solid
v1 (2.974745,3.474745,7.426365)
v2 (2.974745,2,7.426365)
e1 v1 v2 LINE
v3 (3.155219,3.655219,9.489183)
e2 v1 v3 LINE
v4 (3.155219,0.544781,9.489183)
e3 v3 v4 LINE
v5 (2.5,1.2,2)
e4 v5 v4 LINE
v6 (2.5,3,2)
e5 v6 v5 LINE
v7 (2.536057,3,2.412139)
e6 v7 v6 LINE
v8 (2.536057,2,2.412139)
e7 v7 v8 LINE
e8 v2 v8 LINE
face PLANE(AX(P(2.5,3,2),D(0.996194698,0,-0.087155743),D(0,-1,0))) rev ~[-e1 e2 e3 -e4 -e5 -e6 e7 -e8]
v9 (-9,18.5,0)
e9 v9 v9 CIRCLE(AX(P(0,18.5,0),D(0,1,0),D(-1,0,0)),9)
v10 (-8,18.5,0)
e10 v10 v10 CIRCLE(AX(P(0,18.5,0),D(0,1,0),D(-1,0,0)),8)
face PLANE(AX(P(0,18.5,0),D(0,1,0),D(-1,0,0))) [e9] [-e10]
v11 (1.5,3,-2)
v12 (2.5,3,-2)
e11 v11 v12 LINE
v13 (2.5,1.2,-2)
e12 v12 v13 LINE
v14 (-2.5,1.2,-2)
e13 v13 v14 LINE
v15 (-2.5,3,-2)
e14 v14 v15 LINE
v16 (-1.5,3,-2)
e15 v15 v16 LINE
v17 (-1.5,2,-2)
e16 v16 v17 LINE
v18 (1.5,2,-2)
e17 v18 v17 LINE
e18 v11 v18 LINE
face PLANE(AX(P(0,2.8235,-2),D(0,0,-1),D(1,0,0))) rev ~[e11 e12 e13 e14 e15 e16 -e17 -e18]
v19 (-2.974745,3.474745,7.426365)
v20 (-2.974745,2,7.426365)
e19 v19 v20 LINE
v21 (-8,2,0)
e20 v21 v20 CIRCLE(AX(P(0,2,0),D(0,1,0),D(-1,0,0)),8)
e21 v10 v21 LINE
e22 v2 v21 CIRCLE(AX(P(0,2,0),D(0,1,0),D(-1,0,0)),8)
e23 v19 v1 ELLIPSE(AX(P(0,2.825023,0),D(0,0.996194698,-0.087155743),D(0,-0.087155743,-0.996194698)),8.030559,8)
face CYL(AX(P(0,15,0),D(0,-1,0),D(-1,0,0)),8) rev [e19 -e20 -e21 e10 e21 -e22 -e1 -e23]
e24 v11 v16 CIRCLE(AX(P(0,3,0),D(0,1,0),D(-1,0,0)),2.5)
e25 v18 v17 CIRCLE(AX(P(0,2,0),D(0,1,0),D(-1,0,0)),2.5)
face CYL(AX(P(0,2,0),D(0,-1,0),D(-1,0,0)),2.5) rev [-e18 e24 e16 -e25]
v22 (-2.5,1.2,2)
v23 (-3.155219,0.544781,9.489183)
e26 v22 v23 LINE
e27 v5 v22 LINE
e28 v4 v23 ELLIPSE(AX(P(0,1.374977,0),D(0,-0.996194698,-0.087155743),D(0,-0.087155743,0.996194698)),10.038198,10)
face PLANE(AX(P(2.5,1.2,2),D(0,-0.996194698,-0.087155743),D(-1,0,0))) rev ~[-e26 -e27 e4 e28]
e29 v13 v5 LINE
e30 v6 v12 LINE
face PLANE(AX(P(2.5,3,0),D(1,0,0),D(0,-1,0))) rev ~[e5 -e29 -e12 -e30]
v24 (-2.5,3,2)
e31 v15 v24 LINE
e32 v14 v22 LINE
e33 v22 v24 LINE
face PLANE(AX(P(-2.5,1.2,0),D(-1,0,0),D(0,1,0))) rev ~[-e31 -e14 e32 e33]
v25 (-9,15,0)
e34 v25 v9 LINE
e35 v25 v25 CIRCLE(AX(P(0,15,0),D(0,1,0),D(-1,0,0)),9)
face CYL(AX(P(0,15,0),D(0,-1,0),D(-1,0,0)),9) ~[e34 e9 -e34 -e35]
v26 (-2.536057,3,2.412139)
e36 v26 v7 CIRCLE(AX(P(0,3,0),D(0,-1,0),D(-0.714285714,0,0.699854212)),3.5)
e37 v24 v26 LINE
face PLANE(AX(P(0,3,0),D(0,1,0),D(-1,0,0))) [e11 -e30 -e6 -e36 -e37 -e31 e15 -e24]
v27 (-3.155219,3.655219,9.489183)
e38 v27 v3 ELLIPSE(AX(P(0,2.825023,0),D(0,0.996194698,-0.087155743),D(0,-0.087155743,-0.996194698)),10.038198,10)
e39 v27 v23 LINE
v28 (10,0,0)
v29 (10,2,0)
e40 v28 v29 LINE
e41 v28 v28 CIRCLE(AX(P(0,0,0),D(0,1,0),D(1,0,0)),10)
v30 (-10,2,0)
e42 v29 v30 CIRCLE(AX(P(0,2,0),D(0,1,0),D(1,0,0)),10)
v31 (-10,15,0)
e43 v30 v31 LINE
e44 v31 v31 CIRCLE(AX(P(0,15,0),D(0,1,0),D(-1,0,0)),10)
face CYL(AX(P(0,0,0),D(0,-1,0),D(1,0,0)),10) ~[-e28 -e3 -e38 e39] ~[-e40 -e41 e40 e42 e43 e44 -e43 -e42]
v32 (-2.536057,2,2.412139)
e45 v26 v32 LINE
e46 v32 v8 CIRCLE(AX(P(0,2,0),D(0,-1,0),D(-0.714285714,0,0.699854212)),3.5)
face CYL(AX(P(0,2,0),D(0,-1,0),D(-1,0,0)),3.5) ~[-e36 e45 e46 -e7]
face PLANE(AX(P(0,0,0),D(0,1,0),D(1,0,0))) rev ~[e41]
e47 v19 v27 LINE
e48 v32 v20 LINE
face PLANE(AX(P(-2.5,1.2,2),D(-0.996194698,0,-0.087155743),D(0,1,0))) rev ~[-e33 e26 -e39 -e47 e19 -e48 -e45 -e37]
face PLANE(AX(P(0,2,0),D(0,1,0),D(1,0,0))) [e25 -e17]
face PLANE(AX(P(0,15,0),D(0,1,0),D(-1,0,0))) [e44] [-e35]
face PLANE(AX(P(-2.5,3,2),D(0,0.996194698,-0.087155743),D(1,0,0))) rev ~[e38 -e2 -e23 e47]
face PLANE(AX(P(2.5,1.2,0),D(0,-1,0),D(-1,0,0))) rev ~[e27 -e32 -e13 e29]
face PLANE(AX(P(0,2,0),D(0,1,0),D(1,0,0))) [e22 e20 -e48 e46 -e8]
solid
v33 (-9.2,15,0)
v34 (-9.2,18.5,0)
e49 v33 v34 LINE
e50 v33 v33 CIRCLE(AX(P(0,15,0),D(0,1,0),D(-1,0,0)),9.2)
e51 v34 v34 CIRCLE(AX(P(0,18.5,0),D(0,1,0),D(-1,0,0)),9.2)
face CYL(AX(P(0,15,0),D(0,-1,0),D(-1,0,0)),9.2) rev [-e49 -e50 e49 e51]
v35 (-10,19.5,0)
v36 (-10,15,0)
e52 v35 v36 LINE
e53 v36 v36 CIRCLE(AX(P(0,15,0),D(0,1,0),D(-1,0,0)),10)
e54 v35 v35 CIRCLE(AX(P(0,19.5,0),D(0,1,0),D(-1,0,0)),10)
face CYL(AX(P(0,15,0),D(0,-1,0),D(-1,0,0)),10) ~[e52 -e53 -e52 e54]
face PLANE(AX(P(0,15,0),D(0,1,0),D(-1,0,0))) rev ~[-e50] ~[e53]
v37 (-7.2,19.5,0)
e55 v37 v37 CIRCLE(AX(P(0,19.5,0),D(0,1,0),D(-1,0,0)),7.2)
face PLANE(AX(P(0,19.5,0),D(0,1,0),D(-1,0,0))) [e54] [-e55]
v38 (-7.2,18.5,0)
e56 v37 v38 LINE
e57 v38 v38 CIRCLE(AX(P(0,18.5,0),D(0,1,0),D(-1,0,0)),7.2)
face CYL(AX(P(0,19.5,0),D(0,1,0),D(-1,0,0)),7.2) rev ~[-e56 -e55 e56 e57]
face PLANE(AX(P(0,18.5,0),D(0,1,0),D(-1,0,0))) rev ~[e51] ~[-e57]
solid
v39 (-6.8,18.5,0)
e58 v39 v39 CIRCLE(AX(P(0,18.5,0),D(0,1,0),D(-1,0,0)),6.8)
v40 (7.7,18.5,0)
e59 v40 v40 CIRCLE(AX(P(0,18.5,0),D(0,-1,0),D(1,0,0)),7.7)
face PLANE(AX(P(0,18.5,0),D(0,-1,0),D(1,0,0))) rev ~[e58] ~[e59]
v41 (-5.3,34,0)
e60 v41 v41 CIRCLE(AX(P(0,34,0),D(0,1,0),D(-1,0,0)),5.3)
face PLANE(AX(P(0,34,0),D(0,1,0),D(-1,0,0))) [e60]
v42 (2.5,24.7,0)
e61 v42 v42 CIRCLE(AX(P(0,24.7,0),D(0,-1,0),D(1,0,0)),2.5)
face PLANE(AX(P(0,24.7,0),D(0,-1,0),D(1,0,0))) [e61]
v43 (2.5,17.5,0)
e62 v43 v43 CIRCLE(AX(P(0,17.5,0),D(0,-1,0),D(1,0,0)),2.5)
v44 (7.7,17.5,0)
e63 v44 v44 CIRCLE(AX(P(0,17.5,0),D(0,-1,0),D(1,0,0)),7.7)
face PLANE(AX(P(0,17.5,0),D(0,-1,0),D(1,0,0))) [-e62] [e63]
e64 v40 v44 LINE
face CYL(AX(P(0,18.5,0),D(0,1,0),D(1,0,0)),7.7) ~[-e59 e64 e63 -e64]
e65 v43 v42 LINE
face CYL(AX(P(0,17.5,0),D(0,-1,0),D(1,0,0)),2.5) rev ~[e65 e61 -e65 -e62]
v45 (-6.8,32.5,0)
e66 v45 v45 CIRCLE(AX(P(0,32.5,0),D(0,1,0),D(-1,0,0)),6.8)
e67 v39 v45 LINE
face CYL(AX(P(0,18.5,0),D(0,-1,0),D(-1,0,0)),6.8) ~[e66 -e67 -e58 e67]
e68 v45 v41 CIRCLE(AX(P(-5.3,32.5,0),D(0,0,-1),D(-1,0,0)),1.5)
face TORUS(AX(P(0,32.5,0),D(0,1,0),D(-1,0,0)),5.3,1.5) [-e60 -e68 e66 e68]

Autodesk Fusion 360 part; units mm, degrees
sketch "Sketch1" plane through (0, 0, 0) normal (0, 1, 0) x (1, 0, 0) in component "Base"
  circle A0 centre (0, 0) radius 10
  dimension "d63" = 20
extrude "Extrude1" add sketch "Sketch1" along normal blind 2 makes body 1 in component "Base"
sketch "Sketch2" plane through (0, 2, 0) normal (0, 1, 0) x (-1, 0, 0) in component "Base"
  circle A0 centre (0, 0) radius 10
  circle A1 centre (0, 0) radius 8
  dimension "d66" = -2
extrude "Extrude2" add sketch "Sketch2" along normal blind 13 bodies 1 in component "Base"
sketch "Sketch3" plane through (0, 15, 0) normal (0, 1, 0) x (-1, 0, 0) in component "Base"
  circle A0 centre (0, 0) radius 8
  circle A1 centre (0, 0) radius 10
  circle A2 centre (0, 0) radius 9
  dimension "d69" = 1
extrude "Extrude3" add sketch "Sketch3" along normal blind 3.5 contours A2 bodies 1 in component "Base"
sketch "Sketch2 (2)" plane through (0, 15, 0) normal (0, 1, 0) x (-1, 0, 0) in component "Ring"
  circle A0 centre (0, 0) radius 9 construction
  circle A1 centre (0, 0) radius 10
  circle A2 centre (0, 0) radius 9.2
  dimension "offset_bottom" = 0.2
extrude "Extrude1'" add sketch "Sketch2 (2)" along normal blind 3.5 separate body makes body 2 in component "Ring"
sketch "Sketch3 (2)" plane through (0, 18.5, 0) normal (0, 1, 0) x (-1, 0, 0) in component "Ring"
  circle A0 centre (0, 0) radius 9.2 construction
  circle A1 centre (0, 0) radius 10
extrude "Extrude2'" add sketch "Sketch3 (2)" along normal blind 1 bodies 2 in component "Ring"
sketch "Sketch4" plane through (0, 19.5, 0) normal (0, 1, 0) x (-1, 0, 0) in component "Ring"
  circle A0 centre (0, 0) radius 10
  circle A1 centre (0, 0) radius 9
  circle A2 centre (0, 0) radius 7.2
  dimension "d77" = 18
  dimension "diameter_apperture" = 14.4
extrude "Extrude3'" cut sketch "Sketch4" against normal blind 1 contours A2 bodies 2 in component "Ring"
sketch "Sketch1 (2)" plane through (0, 18.5, 0) normal (0, -1, 0) x (1, 0, 0) in component "Top"
  circle A0 centre (0, 0) radius 7.2 construction
  circle A1 centre (0, 0) radius 9.2 construction
  circle A2 centre (0, 0) radius 7.7
  dimension "diameter_bottom_disc" = 15.4
extrude "Extrude1''" add sketch "Sketch1 (2)" along normal blind 1 separate body makes body 3 in component "Top"
ref_plane "WorkPlane2" through (0, 17.1186, 0) normal (0, 0, 1) x (-1, 0, 0)
sketch "Sketch2 (3)" plane through (0, 18.5, 0) normal (0, 1, 0) x (-1, 0, 0) in component "Top"
  circle A0 centre (0, 0) radius 7.7
  circle A1 centre (0, 0) radius 6.8
  dimension "diameter_tower" = 13.6
extrude "Extrude2''" add sketch "Sketch2 (3)" along normal blind 15.5 contours A1 bodies 3 in component "Top"
sketch "Sketch3 (3)" plane through (0, 17.5, 0) normal (0, -1, 0) x (1, 0, 0) in component "Top"
  circle A0 centre (0, 0) radius 7.7
  circle A1 centre (0, 0) radius 2.5
  dimension "d90" = 5
extrude "Extrude3''" cut sketch "Sketch3 (3)" against normal blind 7.2 contours A1 bodies 3 in component "Top"
sketch "Sketch4 (2)" plane through (0, 2, 0) normal (0, 1, 0) x (-1, 0, 0) in component "Base"
  circle A0 centre (0, 0) radius 8
  circle A1 centre (0, 0) radius 2.5
  circle A2 centre (0, 0) radius 3.5
  dimension "d98" = 5
  dimension "d99" = 1
extrude "Extrude4" add sketch "Sketch4 (2)" along normal blind 1 contours A2 bodies 1 in component "Base"
ref_plane "WorkPlane1" through (0, 2.8235, -3.5) normal (0, 0, -1) x (1, 0, 0) in component "Base"
ref_plane "WorkPlane2" through (0, 2.5, 3.5) normal (0, 0, 1) x (1, 0, 0) in component "Base"
ref_plane "WorkPlane3" through (0, 2.8235, 0) normal (0, 0, -1) x (1, 0, 0) in component "Base"
sketch "Sketch6" plane through (0, 2.8235, 0) normal (0, 0, -1) x (1, 0, 0) in component "Base"
  line L0 (-3.5, -0.1765) -> (3.5, -0.1765)
  line L1 (-10, 2.8235) -> (10, 2.8235)
  line L2 (3.5, 0.8235) -> (-3.5, 0.8235) construction
  line L3 (-3.5, -0.1765) -> (-3.5, 0.8235) construction
  line L4 (3.5, -0.1765) -> (3.5, 0.8235) construction
  line L5 (-3.5, -0.1765) -> (-2.5, -0.1765) construction
  line L6 (-2.5, -0.1765) -> (-2.5, 0.8235) construction
  line L7 (-2.5, 0.8235) -> (-3.5, 0.8235) construction
  line L8 (-3.5, 0.8235) -> (-3.5, -0.1765) construction
  line L9 (3.5, -0.1765) -> (2.5, -0.1765) construction
  line L10 (2.5, -0.1765) -> (2.5, 0.8235) construction
  line L11 (2.5, 0.8235) -> (3.5, 0.8235) construction
  line L12 (3.5, 0.8235) -> (3.5, -0.1765) construction
  line L13 (-2.5, -0.1765) -> (2.5, -0.1765)
  line L14 (2.5, -0.1765) -> (2.5, 1.6235)
  line L15 (2.5, 1.6235) -> (-2.5, 1.6235)
  line L16 (-2.5, 1.6235) -> (-2.5, -0.1765)
  dimension "d104" = 1
  dimension "d105" = 1
  dimension "d106" = 1
  dimension "d107" = 1
  dimension "d108" = 1.8
extrude "Extrude5" cut sketch "Sketch6" along normal blind 2 bodies 1 in component "Base"
extrude "Extrude6" cut sketch "Sketch6" against normal through all bodies 1 in component "Base"
ref_plane "WorkPlane4" through (0, 2.8235, 2) normal (0, 0, -1) x (1, 0, 0) in component "Base"
sketch "Sketch7" plane through (0, 2.8235, 2) normal (0, 0, -1) x (1, 0, 0) in component "Base"
  line L0 (2.5, -0.1765) -> (2.5, 1.6235)
  line L1 (-2.5, -0.1765) -> (2.5, -0.1765)
  line L2 (2.5, 1.6235) -> (-2.5, 1.6235)
  line L3 (-2.5, 1.6235) -> (-2.5, -0.1765)
extrude "Extrude7" cut sketch "Sketch7" against normal through all draft 5 bodies 1 in component "Base"
fillet "Fillet1" radius 1.5 1 edges at (6.3398, 34, -2.459) on bodies 3 in component "Top"
component "Base" placed x (1, 0, 0) y (0, 1, 0) z (0, 0, 1) at (0, 0, 0)
component "Ring" placed x (1, 0, 0) y (0, 1, 0) z (0, 0, 1) at (0, 0, 0)
component "Top" placed x (1, 0, 0) y (0, 1, 0) z (0, 0, 1) at (0, 0, 0)
equation "base_diameter = 20 mm"
equation "tolerance = 0.2 mm"
equation "wall_thickness = 1 mm"
equation "base_total_height = 18.5 mm"
equation "base_ring_height = 3.5 mm"
equation "base_bottom_thickness = 2 mm"
equation "d63 = base_diameter"
equation "d64 = base_bottom_thickness"
equation "d66 = -2 * wall_thickness"
equation "d67 = base_total_height - base_bottom_thickness - base_ring_height"
equation "d69 = wall_thickness"
equation "d70 = base_ring_height"
equation "offset_bottom = tolerance"
equation "d73 = base_ring_height"
equation "d75 = wall_thickness"
equation "d77 = base_diameter - 2 * wall_thickness"
equation "diameter_apperture = base_diameter - 6 * wall_thickness + 2 * tolerance"
equation "d79 = -wall_thickness"
equation "diameter_bottom_disc = base_diameter - 4 * wall_thickness - 3 * tolerance"
equation "d83 = wall_thickness"
equation "diameter_tower = base_diameter - 6 * wall_thickness - 2 * tolerance"
equation "top_safety_margin = 1 mm" comment "To avoid the top to get stuck inside base"
equation "d88 = base_total_height - 2 * wall_thickness - base_bottom_thickness + top_safety_margin"
equation "d90 = magnet_diameter"
equation "magnet_diameter = 5 mm"
equation "magnet_height = 2.4 mm"
equation "magnet_quantity = 3"
equation "d95 = -magnet_height * magnet_quantity"
equation "spring_diameter = 5 mm"
equation "d98 = spring_diameter"
equation "d99 = wall_thickness"
equation "d100 = wall_thickness"
equation "d104 = wall_thickness"
equation "d105 = wall_thickness"
equation "d106 = wall_thickness"
equation "d107 = wall_thickness"
